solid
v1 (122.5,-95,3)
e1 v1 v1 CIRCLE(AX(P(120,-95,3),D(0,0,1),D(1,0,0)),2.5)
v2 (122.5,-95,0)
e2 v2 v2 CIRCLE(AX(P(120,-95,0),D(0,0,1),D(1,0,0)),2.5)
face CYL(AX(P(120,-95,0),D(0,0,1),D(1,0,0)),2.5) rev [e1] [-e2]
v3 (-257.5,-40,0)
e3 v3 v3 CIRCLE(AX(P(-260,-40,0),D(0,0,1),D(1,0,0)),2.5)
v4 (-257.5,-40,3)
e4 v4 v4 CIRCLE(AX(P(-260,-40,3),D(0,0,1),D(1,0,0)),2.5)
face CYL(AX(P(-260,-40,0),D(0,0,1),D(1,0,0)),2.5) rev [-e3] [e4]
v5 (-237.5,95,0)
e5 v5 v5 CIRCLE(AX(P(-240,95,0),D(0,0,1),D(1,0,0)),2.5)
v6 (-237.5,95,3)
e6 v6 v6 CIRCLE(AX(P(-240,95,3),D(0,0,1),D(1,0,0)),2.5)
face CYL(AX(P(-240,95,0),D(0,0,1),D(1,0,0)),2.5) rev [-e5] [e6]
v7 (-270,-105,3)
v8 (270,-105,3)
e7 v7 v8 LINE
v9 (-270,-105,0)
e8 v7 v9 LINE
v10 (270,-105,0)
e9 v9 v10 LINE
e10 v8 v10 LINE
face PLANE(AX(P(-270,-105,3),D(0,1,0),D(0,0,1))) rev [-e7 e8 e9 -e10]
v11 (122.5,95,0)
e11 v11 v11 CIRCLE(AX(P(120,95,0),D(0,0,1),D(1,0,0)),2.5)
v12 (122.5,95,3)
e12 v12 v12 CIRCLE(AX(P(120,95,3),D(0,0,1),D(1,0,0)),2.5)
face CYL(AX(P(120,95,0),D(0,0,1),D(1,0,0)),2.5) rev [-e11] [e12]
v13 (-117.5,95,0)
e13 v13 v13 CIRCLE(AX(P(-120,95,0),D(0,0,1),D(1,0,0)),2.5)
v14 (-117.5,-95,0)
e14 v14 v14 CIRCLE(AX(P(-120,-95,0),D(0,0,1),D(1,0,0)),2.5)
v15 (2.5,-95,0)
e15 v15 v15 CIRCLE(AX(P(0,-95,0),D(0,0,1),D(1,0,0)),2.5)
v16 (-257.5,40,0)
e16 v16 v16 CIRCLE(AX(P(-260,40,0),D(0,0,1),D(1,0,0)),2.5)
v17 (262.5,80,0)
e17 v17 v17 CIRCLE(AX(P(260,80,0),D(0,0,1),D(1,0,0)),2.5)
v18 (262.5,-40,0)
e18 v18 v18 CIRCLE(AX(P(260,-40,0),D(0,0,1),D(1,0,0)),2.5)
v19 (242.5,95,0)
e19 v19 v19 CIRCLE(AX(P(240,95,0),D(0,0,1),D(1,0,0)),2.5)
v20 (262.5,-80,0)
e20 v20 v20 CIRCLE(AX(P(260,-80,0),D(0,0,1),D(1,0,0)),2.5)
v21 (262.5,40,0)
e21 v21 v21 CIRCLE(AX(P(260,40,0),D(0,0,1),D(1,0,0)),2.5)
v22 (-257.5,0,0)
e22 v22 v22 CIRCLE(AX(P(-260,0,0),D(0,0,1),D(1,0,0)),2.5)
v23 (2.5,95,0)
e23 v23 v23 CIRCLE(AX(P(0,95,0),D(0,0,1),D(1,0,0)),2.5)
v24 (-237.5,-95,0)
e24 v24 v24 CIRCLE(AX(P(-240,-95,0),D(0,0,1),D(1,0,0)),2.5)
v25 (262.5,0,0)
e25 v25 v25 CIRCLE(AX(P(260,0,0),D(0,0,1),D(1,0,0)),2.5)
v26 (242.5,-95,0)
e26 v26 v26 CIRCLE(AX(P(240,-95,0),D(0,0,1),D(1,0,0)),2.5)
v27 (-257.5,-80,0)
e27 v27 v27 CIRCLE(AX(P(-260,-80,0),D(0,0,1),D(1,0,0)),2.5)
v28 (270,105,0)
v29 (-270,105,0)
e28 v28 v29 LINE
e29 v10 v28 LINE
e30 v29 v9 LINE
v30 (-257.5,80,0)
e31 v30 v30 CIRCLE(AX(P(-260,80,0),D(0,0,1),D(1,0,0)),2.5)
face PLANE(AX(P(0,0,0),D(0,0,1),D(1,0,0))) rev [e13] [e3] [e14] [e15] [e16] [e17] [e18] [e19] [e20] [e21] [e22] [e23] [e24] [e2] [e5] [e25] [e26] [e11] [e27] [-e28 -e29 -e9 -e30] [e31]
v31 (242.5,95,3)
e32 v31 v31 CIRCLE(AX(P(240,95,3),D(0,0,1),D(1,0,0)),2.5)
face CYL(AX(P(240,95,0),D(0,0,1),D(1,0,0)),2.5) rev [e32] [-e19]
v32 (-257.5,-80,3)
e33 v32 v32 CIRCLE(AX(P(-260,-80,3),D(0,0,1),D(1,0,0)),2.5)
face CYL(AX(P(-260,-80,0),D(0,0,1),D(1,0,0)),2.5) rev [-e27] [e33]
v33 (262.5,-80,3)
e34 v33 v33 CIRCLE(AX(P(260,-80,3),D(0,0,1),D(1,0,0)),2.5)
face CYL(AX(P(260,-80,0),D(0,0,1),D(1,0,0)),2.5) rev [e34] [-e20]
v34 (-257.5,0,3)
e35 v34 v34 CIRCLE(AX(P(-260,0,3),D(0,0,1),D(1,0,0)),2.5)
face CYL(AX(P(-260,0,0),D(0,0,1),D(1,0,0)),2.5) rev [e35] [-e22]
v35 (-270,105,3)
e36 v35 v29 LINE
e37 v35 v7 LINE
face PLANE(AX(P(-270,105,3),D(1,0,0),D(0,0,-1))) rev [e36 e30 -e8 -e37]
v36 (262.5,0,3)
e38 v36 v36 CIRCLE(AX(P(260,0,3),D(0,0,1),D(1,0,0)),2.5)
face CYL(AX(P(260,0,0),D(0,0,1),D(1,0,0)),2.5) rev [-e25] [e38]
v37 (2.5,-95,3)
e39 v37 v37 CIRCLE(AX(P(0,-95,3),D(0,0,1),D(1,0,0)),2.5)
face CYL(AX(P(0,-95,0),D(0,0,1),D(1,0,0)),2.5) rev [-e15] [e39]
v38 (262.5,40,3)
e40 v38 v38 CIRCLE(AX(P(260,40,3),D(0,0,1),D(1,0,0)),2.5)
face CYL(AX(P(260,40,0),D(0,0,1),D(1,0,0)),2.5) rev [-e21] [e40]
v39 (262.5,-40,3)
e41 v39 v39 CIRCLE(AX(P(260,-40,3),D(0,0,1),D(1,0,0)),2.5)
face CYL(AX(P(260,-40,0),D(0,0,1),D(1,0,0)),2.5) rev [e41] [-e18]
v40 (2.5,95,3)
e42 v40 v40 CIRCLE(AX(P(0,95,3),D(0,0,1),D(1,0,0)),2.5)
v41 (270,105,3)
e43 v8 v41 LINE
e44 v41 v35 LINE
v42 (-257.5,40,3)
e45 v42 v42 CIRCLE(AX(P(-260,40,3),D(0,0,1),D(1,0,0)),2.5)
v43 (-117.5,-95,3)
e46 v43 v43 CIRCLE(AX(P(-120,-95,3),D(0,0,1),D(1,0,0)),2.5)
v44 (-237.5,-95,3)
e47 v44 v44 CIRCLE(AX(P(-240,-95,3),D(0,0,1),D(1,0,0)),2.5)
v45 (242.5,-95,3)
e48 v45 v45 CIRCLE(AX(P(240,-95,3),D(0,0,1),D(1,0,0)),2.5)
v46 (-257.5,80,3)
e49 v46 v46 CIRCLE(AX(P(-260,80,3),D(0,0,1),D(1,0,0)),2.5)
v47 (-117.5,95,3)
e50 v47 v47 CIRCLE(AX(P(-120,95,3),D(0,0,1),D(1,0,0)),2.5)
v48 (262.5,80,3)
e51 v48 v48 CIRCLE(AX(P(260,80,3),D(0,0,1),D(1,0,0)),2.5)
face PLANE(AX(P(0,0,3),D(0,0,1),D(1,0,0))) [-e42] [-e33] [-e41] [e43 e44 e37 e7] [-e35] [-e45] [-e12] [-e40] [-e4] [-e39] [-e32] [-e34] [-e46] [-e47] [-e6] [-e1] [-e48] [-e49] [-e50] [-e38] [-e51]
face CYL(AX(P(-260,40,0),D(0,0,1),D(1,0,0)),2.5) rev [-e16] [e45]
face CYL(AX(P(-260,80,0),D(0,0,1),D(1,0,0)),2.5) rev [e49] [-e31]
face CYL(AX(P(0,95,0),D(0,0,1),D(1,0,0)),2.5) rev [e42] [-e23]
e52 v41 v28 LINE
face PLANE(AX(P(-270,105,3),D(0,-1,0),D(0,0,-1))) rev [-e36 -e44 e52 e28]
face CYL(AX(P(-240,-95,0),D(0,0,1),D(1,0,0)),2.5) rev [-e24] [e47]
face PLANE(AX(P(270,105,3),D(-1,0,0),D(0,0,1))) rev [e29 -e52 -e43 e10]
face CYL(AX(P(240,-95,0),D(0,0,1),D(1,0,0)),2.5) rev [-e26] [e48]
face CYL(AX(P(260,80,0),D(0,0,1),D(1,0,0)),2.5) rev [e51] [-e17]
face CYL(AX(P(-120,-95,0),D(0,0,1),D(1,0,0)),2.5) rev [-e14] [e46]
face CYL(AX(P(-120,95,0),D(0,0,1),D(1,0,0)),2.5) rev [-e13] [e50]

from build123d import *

# Parameters (mm, degrees)
CROQUIS1_W              = 540
CROQUIS1_H              = 210
SALIENTE_EXTRUIR1_DEPTH = 3
CROQUIS2_R              = 2.5
CORTAR_EXTRUIR2_DEPTH   = 4


with BuildPart() as part:
    # Croquis1 → Saliente-Extruir1 (new body)
    with BuildSketch(Plane.XY):
        Rectangle(CROQUIS1_W, CROQUIS1_H)
    extrude(amount=SALIENTE_EXTRUIR1_DEPTH)

    # Croquis2 → Cortar-Extruir2 (cut, through all)
    with BuildSketch(Plane.XY.offset(3)):
        with Locations((0, 95)):
            Circle(CROQUIS2_R)
        with Locations((-260, 0)):
            Circle(CROQUIS2_R)
        with Locations((0, -95)):
            Circle(CROQUIS2_R)
        with Locations((260, 0)):
            Circle(CROQUIS2_R)
        with Locations((120, 95)):
            Circle(CROQUIS2_R)
        with Locations((240, 95)):
            Circle(CROQUIS2_R)
        with Locations((-120, 95)):
            Circle(CROQUIS2_R)
        with Locations((-240, 95)):
            Circle(CROQUIS2_R)
        with Locations((-260, -40)):
            Circle(CROQUIS2_R)
        with Locations((-260, -80)):
            Circle(CROQUIS2_R)
        with Locations((-260, 40)):
            Circle(CROQUIS2_R)
        with Locations((-260, 80)):
            Circle(CROQUIS2_R)
        with Locations((120, -95)):
            Circle(CROQUIS2_R)
        with Locations((240, -95)):
            Circle(CROQUIS2_R)
        with Locations((-120, -95)):
            Circle(CROQUIS2_R)
        with Locations((-240, -95)):
            Circle(CROQUIS2_R)
        with Locations((260, 40)):
            Circle(CROQUIS2_R)
        with Locations((260, 80)):
            Circle(CROQUIS2_R)
        with Locations((260, -40)):
            Circle(CROQUIS2_R)
        with Locations((260, -80)):
            Circle(CROQUIS2_R)
    extrude(amount=-CORTAR_EXTRUIR2_DEPTH, mode=Mode.SUBTRACT)


solid = part.part
